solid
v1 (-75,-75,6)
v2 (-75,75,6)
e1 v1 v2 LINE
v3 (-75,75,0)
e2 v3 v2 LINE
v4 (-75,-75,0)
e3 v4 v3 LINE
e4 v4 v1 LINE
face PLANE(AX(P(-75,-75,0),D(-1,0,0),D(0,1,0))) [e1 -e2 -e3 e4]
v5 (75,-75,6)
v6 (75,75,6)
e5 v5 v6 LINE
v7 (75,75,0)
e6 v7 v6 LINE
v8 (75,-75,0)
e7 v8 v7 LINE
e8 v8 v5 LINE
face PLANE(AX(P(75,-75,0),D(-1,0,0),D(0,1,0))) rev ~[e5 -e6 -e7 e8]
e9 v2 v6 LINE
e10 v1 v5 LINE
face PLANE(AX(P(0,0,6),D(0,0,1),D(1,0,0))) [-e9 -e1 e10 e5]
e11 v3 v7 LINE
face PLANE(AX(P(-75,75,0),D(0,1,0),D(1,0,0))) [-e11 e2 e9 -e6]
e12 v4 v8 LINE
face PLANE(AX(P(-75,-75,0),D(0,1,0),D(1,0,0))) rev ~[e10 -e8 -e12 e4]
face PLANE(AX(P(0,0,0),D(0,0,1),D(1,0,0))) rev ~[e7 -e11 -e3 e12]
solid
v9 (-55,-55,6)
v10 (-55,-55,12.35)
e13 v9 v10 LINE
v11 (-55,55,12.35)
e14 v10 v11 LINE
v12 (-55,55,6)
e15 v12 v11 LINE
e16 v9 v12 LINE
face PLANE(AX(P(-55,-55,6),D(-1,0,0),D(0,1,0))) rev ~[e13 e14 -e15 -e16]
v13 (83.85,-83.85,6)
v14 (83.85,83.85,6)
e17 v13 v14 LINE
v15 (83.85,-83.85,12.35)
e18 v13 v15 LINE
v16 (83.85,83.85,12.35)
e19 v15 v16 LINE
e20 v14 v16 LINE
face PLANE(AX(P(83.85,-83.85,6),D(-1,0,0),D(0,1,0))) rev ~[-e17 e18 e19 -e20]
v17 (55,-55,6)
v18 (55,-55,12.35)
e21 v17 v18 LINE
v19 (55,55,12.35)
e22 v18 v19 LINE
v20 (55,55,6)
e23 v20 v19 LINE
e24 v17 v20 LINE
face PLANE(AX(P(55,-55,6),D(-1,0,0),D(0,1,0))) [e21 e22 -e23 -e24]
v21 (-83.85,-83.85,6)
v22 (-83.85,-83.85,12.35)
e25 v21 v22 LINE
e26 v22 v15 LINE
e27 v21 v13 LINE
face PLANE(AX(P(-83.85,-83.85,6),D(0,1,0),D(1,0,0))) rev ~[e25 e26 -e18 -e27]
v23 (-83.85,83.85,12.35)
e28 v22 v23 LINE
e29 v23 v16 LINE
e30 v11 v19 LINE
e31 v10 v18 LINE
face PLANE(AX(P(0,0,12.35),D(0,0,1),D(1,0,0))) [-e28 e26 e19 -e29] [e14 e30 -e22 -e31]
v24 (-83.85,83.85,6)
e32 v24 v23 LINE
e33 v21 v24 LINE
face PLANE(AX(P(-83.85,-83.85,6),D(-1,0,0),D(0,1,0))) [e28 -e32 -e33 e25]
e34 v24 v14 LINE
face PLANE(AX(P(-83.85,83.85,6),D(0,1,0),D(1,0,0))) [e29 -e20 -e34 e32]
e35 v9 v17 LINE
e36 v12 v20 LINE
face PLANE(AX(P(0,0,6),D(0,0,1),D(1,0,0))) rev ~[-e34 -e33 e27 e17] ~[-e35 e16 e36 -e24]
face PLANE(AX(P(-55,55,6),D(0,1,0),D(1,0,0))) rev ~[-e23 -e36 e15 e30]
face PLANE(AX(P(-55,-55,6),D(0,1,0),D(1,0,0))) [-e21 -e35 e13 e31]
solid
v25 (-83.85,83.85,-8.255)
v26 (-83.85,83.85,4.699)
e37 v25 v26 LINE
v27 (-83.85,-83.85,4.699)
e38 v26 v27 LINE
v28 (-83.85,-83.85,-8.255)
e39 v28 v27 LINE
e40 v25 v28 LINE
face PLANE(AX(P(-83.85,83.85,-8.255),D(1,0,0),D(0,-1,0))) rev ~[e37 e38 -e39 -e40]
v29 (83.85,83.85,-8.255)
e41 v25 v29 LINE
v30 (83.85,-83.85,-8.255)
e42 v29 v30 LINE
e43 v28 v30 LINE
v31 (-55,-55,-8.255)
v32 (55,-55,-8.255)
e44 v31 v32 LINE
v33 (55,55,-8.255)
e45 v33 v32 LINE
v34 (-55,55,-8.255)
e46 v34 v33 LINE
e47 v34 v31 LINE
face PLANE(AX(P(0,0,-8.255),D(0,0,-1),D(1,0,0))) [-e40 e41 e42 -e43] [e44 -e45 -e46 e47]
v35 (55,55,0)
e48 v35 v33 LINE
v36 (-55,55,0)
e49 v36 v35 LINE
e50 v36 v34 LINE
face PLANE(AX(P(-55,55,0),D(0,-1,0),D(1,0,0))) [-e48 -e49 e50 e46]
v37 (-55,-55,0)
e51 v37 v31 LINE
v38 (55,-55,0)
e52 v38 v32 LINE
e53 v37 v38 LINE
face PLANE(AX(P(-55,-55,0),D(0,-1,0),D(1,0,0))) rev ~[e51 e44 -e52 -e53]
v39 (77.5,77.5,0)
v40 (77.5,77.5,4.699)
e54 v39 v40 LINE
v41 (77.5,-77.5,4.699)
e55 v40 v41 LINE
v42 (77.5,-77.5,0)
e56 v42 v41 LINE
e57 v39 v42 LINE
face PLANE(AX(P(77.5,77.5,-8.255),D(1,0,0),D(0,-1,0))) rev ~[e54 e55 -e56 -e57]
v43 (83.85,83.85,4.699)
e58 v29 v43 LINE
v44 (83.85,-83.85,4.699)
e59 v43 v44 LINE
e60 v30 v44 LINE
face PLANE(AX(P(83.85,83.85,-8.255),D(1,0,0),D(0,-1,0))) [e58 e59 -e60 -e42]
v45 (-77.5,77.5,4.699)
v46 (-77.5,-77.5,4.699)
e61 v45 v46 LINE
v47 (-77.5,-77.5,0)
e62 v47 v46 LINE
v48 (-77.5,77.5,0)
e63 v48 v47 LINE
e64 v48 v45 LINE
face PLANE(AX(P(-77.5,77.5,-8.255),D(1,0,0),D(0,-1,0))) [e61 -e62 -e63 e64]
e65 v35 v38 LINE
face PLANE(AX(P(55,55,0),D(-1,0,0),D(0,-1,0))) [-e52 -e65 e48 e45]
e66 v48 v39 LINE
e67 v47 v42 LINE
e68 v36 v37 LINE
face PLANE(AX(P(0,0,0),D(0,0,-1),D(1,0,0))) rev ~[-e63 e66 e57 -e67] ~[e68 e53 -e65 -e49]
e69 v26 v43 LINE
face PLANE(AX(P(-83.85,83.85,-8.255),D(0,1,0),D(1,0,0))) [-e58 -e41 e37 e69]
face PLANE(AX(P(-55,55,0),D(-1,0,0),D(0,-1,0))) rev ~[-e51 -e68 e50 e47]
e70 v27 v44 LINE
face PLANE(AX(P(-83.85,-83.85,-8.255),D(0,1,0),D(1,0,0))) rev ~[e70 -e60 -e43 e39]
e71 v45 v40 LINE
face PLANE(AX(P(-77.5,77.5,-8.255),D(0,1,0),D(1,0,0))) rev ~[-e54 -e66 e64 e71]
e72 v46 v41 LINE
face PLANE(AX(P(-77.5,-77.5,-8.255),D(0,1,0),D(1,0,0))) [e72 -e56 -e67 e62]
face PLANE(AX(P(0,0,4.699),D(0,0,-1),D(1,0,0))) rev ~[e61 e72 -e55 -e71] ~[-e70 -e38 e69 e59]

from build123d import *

# Parameters (mm, degrees)
F0_W     = 150
F0_H     = 150
F1_DEPTH = 6
F2_W     = 155
F2_H     = 155
F2_W_2   = 110
F2_H_2   = 110
F3_DEPTH = 8.255
F4_W     = 167.7
F4_H     = 167.7
F4_W_2   = 155
F4_H_2   = 155
F5_DEPTH = 12.954
F6_W     = 167.7
F6_H     = 167.7
F6_W_2   = 110
F6_H_2   = 110
F7_DEPTH = 6.35


with BuildPart() as f1:
    # F0 (on Top) → F1 (new body)
    with BuildSketch(Plane.XY):
        Rectangle(F0_W, F0_H)
    extrude(amount=F1_DEPTH)


with BuildPart() as f3:
    # F2 (on face) → F3 (new body)
    with BuildSketch(Plane(origin=(0, 0, 0), x_dir=(1, 0, 0), z_dir=(0, 0, -1))):
        Rectangle(F2_W, F2_H)
        Rectangle(F2_W_2, F2_H_2, mode=Mode.SUBTRACT)
    extrude(amount=F3_DEPTH)

    # F4 (on face) → F5 (join)
    with BuildSketch(Plane(origin=(0, 0, -8.255), x_dir=(1, 0, 0), z_dir=(0, 0, -1))):
        Rectangle(F4_W, F4_H)
        Rectangle(F4_W_2, F4_H_2, mode=Mode.SUBTRACT)
    extrude(amount=-F5_DEPTH)


with BuildPart() as f7:
    # F6 (on face) → F7 (new body)
    with BuildSketch(Plane.XY.offset(6)):
        Rectangle(F6_W, F6_H)
        Rectangle(F6_W_2, F6_H_2, mode=Mode.SUBTRACT)
    extrude(amount=F7_DEPTH)


solid = Compound([f1.part, f3.part, f7.part])
